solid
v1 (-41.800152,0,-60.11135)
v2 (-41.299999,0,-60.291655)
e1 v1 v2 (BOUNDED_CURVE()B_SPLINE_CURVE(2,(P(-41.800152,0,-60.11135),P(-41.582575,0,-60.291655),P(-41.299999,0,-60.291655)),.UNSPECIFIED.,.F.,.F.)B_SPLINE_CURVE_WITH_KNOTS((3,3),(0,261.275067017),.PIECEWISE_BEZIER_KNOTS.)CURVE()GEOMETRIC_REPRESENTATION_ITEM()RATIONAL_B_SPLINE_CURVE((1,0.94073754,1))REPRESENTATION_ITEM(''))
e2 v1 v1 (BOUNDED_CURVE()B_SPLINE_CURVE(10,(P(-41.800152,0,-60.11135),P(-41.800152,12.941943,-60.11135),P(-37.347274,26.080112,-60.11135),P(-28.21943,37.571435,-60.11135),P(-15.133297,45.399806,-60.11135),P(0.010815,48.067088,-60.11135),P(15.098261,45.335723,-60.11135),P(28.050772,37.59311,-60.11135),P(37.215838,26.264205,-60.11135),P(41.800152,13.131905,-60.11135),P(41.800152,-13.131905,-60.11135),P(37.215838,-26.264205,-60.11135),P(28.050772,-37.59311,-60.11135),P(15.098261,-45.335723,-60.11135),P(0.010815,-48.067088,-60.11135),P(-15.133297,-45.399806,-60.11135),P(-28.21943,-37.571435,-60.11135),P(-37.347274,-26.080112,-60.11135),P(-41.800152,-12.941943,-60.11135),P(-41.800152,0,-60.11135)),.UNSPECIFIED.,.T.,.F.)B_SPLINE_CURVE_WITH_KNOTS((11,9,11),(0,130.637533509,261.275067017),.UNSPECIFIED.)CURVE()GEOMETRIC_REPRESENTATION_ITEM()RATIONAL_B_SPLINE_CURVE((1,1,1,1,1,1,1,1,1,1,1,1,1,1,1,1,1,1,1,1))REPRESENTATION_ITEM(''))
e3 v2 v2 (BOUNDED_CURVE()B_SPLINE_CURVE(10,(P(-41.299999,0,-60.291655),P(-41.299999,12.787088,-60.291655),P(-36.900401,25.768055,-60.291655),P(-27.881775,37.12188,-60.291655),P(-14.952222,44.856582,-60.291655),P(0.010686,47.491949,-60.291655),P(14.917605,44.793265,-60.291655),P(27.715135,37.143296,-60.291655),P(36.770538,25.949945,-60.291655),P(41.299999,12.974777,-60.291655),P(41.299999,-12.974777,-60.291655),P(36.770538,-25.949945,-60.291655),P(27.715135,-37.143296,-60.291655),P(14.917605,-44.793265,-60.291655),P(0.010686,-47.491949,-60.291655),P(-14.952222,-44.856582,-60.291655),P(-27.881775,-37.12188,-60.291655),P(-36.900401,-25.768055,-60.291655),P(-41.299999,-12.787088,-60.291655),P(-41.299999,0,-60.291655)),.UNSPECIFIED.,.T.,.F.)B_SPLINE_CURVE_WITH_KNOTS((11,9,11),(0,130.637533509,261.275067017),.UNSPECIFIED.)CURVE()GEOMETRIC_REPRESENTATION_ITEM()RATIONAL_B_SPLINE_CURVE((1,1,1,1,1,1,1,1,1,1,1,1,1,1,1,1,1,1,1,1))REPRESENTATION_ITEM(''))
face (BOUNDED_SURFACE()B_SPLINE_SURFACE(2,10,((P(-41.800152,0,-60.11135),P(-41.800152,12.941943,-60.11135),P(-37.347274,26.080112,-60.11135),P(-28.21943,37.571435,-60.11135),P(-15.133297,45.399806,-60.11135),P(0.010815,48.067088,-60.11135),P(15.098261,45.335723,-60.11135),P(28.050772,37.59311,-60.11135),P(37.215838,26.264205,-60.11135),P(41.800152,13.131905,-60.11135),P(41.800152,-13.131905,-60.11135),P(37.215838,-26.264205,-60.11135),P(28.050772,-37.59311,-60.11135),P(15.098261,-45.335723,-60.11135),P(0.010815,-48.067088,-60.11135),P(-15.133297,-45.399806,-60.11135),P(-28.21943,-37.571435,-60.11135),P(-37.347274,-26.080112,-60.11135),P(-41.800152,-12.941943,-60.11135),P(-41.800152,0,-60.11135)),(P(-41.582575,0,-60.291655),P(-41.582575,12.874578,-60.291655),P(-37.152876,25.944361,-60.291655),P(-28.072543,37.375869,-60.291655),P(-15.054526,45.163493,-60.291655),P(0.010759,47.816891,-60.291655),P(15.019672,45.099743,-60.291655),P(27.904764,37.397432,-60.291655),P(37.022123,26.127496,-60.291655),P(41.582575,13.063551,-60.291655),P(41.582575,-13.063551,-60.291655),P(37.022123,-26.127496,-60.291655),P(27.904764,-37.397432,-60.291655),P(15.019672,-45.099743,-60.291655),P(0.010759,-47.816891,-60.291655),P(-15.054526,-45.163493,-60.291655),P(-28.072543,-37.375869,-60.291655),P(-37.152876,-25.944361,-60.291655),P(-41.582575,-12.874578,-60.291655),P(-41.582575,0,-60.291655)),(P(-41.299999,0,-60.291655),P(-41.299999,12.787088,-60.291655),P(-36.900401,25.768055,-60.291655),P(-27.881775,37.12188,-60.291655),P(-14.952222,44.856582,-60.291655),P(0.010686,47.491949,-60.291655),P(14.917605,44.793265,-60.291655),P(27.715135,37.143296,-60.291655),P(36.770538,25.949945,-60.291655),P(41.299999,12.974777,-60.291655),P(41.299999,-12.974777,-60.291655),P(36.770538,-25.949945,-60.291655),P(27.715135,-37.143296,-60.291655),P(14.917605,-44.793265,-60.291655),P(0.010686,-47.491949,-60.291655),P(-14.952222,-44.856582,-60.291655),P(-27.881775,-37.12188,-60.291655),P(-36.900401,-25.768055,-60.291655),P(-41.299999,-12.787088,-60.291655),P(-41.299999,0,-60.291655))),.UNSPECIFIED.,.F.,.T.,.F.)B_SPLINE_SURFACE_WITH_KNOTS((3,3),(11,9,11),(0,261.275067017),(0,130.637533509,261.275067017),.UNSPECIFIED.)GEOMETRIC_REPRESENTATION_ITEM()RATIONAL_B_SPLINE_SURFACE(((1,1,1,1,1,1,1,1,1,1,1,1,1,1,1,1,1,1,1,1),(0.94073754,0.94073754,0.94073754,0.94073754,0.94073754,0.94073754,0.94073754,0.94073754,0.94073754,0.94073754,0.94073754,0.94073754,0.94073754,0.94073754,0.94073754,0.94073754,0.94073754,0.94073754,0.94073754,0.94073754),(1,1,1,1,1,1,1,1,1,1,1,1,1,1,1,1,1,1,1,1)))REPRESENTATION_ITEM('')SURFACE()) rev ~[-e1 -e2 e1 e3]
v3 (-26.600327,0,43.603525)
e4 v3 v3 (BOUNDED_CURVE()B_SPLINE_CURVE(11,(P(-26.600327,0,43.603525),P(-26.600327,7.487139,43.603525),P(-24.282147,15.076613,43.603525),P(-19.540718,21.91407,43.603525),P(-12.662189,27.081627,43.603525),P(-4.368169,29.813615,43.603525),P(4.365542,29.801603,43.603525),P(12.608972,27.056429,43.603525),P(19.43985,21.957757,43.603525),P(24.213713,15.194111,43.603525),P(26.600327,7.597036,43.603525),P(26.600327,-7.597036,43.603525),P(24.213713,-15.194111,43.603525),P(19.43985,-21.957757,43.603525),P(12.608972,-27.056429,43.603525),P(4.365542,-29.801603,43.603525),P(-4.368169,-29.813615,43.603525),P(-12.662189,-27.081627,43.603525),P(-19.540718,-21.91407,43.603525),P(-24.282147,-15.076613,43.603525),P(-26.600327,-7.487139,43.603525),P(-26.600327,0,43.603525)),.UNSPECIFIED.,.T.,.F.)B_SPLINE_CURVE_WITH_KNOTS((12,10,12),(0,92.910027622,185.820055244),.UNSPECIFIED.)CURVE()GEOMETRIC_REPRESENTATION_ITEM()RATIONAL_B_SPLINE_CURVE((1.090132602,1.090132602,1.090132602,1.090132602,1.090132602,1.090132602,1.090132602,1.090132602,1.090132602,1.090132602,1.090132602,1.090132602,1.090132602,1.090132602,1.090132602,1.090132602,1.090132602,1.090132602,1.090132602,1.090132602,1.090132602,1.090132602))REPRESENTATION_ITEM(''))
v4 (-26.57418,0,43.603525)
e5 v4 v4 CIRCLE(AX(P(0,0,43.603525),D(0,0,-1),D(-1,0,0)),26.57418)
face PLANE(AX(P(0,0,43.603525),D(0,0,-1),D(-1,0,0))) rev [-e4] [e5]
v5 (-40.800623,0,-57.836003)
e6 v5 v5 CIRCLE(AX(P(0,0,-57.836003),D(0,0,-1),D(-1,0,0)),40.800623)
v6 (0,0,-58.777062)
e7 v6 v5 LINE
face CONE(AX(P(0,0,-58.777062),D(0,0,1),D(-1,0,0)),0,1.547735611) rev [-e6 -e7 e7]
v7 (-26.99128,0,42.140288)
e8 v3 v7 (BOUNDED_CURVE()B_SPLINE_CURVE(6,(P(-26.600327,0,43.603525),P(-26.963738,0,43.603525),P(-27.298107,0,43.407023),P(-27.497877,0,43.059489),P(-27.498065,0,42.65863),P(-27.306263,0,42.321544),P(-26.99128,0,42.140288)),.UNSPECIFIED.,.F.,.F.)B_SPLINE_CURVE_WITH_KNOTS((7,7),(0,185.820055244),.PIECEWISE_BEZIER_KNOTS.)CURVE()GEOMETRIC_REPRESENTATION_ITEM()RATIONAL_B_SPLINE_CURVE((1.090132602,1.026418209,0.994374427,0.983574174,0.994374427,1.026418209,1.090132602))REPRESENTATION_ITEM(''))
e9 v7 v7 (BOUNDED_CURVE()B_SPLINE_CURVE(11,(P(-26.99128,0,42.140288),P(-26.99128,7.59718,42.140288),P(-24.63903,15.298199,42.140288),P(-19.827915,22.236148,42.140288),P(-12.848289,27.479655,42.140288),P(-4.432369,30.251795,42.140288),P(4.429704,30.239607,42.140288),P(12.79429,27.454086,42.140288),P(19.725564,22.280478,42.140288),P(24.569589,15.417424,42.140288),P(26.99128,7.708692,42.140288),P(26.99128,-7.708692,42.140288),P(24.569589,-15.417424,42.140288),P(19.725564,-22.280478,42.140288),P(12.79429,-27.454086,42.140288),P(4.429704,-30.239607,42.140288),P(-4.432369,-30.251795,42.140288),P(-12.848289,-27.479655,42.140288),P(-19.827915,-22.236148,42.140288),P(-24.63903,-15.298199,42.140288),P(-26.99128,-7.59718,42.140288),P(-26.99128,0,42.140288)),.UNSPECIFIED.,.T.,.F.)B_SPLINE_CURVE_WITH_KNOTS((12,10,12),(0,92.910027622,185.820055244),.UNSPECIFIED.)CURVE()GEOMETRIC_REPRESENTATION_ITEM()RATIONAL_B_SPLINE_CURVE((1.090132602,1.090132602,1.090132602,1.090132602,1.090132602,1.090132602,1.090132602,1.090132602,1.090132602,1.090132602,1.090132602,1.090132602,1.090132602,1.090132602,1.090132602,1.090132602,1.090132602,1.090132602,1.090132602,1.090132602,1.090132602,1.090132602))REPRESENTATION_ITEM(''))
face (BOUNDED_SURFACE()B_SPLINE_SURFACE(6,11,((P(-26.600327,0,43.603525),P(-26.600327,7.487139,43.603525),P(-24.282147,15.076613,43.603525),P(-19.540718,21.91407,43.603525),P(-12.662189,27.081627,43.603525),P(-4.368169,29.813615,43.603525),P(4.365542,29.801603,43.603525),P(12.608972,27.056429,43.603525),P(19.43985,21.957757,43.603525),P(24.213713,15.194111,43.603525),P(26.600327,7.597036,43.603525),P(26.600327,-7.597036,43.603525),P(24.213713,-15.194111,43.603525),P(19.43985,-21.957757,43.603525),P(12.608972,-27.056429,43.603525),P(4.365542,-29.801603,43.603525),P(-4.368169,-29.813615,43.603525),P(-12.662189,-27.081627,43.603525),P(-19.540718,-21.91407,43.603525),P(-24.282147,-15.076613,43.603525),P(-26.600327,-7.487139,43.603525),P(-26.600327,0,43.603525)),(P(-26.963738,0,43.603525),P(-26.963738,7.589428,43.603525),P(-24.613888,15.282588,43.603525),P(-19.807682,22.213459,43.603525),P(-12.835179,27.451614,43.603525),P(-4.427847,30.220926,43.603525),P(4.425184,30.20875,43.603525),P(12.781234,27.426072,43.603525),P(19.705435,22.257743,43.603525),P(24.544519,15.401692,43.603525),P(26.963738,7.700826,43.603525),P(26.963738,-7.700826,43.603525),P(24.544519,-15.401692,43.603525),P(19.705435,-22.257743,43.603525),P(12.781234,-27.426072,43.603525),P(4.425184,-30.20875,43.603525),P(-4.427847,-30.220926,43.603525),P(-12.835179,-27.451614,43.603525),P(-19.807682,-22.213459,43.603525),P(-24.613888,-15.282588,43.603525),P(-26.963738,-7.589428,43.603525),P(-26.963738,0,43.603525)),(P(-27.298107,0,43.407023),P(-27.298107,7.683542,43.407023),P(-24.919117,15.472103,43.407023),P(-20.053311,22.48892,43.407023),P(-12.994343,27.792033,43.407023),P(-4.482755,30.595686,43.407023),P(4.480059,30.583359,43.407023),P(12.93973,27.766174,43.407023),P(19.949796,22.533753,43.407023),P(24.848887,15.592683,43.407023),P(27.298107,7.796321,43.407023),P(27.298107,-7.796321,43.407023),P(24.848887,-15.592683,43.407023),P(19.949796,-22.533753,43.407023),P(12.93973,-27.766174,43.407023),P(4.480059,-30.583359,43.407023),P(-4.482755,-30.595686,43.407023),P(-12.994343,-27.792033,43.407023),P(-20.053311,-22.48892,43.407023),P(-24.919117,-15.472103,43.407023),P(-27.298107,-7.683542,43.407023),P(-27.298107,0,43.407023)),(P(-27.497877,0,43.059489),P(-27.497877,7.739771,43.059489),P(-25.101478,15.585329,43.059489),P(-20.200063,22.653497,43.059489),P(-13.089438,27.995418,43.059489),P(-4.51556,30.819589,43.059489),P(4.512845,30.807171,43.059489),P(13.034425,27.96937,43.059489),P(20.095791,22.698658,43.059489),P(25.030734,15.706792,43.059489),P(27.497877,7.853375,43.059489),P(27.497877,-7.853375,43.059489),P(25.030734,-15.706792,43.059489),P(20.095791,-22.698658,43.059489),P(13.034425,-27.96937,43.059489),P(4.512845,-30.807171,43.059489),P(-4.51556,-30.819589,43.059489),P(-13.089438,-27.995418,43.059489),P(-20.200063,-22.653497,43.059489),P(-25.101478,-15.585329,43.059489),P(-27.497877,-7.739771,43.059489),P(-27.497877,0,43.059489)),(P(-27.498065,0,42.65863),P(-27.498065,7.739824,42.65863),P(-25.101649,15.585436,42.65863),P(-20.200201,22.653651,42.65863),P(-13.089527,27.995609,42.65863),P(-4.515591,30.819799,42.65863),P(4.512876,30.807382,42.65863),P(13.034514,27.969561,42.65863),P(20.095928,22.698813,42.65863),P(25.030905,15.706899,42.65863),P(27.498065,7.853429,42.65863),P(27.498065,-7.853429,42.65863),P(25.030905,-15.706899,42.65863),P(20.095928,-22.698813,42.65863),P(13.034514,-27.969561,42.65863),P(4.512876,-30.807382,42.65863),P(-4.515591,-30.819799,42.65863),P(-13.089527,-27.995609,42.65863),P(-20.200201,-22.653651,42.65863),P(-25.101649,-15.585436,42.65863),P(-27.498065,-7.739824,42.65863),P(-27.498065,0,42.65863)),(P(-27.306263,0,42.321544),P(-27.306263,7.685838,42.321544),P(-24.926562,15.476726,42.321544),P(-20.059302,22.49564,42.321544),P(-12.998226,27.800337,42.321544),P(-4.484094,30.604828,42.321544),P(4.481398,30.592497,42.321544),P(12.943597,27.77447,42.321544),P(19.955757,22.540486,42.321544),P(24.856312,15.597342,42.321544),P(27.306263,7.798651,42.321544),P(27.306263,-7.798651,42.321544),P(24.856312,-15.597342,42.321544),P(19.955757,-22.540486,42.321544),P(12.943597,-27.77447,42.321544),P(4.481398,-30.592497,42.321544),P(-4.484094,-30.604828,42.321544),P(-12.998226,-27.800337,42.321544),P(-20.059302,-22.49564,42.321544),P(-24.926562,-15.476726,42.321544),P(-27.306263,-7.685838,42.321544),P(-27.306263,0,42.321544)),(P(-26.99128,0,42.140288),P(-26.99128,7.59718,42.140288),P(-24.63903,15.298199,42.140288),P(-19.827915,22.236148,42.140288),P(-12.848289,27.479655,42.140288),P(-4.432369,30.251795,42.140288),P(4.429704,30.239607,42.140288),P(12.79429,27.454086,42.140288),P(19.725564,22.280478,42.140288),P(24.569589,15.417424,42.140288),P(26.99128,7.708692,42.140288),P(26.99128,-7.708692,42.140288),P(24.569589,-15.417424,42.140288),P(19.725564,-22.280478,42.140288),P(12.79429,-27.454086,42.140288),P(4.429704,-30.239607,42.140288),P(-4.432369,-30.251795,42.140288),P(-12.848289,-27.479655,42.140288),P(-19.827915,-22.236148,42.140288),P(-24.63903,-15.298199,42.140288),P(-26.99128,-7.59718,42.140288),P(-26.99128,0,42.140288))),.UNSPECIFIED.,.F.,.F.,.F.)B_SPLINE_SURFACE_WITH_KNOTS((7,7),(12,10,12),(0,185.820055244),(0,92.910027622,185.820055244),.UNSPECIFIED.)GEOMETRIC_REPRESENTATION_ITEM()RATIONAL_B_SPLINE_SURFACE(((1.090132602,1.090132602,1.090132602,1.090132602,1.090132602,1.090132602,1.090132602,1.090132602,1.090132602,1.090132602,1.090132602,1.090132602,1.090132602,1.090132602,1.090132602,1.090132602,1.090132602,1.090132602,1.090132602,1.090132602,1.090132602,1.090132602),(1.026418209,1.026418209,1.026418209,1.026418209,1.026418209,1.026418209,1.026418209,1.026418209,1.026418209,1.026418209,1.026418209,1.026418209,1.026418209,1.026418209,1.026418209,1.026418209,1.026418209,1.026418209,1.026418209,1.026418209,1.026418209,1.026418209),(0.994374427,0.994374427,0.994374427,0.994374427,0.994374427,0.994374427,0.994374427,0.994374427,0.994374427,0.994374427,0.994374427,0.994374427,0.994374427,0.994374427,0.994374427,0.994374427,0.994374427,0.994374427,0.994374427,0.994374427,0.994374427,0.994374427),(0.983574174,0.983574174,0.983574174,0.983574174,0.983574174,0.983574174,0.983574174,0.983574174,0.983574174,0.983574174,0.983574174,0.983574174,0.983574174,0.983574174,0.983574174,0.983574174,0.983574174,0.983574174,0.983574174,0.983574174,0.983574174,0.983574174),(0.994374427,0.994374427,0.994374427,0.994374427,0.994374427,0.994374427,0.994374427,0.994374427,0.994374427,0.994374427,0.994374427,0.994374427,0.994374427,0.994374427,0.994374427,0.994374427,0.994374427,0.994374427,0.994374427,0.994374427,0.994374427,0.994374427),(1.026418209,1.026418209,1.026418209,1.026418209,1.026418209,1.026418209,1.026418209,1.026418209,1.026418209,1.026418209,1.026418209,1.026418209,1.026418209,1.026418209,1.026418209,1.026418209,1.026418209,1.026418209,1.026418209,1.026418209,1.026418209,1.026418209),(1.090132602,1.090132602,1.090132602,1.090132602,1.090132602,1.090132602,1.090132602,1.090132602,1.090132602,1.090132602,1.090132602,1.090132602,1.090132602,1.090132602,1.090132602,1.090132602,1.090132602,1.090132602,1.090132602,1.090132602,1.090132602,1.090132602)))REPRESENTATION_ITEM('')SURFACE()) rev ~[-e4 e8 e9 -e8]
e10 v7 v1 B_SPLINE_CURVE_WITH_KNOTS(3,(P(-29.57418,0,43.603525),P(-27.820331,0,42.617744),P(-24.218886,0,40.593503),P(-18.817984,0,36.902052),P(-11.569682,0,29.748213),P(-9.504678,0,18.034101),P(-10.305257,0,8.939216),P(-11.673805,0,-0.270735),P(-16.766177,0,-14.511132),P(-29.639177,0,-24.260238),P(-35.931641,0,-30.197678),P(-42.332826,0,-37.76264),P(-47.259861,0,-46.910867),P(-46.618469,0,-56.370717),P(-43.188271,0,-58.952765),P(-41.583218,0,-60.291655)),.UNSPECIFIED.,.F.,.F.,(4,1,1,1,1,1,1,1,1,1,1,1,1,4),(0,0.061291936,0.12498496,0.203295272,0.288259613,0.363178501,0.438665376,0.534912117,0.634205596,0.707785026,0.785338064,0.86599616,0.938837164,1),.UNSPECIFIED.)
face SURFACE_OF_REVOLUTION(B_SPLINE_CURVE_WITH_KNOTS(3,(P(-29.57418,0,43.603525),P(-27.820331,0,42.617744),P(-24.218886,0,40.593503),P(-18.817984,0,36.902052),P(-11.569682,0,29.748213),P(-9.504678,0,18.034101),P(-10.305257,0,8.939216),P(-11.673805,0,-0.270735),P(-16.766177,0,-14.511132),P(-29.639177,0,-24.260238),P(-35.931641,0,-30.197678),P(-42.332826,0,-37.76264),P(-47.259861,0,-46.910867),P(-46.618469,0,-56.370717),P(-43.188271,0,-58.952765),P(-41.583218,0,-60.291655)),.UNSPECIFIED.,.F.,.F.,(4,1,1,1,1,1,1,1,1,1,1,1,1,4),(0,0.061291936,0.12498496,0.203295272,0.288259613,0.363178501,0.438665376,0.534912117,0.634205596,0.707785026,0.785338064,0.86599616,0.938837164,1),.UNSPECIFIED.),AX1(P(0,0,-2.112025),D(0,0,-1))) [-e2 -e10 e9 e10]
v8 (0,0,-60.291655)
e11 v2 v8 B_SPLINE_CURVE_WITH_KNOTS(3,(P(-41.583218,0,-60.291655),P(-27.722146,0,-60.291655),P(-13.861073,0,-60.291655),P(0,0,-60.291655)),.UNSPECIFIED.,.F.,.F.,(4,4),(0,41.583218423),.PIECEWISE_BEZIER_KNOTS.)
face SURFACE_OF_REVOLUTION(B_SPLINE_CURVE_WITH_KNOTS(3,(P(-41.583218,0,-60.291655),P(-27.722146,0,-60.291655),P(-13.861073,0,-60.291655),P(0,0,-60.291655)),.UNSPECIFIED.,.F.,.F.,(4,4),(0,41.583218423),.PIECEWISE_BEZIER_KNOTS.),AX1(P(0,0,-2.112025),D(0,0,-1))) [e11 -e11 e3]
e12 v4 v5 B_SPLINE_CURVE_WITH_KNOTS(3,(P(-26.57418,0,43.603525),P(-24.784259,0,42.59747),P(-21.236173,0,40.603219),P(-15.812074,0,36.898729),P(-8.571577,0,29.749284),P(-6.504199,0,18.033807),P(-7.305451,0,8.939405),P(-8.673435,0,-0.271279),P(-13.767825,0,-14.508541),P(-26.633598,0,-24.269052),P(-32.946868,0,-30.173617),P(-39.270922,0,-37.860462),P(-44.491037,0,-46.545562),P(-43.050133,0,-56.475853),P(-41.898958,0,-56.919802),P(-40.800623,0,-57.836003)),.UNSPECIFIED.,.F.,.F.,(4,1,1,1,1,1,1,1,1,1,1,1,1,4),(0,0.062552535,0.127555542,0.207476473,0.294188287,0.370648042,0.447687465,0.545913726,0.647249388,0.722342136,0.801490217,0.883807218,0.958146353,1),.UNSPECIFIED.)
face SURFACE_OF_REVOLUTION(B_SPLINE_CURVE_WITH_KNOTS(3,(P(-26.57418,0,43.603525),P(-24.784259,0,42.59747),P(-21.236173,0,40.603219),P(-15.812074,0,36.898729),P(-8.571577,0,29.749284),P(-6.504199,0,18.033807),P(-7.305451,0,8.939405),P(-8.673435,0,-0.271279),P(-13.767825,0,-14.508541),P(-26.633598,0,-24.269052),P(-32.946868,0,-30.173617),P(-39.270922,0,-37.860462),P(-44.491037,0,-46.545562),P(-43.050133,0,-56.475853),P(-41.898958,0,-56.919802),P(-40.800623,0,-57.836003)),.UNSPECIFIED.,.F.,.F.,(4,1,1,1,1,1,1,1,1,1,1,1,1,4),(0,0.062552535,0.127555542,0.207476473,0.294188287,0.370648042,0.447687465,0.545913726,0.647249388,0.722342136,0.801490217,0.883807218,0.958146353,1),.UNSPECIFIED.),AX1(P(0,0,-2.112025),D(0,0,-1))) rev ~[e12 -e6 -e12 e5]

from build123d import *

# Parameters (mm, degrees)
F2_R = 0.783846795


with BuildPart() as f1:
    # F0 (on Front) → F1 (revolve)
    with BuildSketch(Plane.XZ):
        with BuildLine():
            Line((-26.5741803177, 43.6035246696), (-29.5741803177, 43.6035246696))
            add(Edge.make_bspline(
                [(-29.5741803177, 43.6035246696), (-27.8203311008, 42.6177443696), (-24.2188862661, 40.5935025718), (-18.8179835555, 36.9020517658), (-11.5696823943, 29.7482129457), (-9.5046775518, 18.0341010621), (-10.3052571133, 8.9392161918), (-11.6738052155, -0.2707353696), (-16.766177205, -14.5111315777), (-29.6391774724, -24.2602380178), (-35.931640854, -30.1976779705), (-42.3328262227, -37.7626400346), (-47.2598608042, -46.910867313), (-46.6184686423, -56.3707166891), (-43.1882705644, -58.9527647242), (-41.5832184225, -60.2916551232)],
                knots=[0, 0, 0, 0, 0.0612919356, 0.1249849596, 0.2032952721, 0.2882596128, 0.3631785008, 0.4386653757, 0.5349121166, 0.6342055962, 0.7077850264, 0.7853380641, 0.8659961597, 0.9388371636, 1, 1, 1, 1], degree=3))
            add(Edge.make_bspline(
                [(-41.5832184225, -60.2916551232), (-27.722145615, -60.2916551232), (-13.8610728075, -60.2916551232), (0, -60.2916551232)],
                knots=[0, 0, 0, 0, 41.5832184225, 41.5832184225, 41.5832184225, 41.5832184225], degree=3))
            Line((0, -60.2916551232), (0, -58.7770615502))
            Line((0, -58.7770615502), (-40.8006234161, -57.836003148))
            add(Edge.make_bspline(
                [(-26.5741803177, 43.6035246696), (-24.7842594493, 42.5974696943), (-21.236172925, 40.6032191564), (-15.8120735829, 36.8987286496), (-8.5715769599, 29.7492841877), (-6.5041987981, 18.033807441), (-7.3054506426, 8.9394045692), (-8.6734348479, -0.2712792784), (-13.7678247717, -14.5085408319), (-26.6335981417, -24.269052005), (-32.9468676298, -30.1736172269), (-39.2709215029, -37.8604617154), (-44.4910374812, -46.545561903), (-43.0501329541, -56.4758528299), (-41.8989584428, -56.9198022447), (-40.8006234161, -57.836003148)],
                knots=[0, 0, 0, 0, 0.0625525351, 0.127555542, 0.2074764732, 0.2941882868, 0.3706480416, 0.4476874652, 0.5459137257, 0.6472493875, 0.7223421357, 0.8014902171, 0.8838072185, 0.9581463532, 1, 1, 1, 1], degree=3))
        make_face()
    revolve(axis=Axis((0, 0, -2.1120254756), (0, 0, -1)))

    # F2
    f2_edges = [f1.edges().sort_by_distance(p)[0] for p in [
        (41.583218, 0, -60.291655),
        (-20.791609, 0, -60.291655),
        (29.57418, 0, 43.603525),
        (-15.971148, 0, -10.293311),
    ]]
    fillet(f2_edges, radius=F2_R)


solid = f1.part
